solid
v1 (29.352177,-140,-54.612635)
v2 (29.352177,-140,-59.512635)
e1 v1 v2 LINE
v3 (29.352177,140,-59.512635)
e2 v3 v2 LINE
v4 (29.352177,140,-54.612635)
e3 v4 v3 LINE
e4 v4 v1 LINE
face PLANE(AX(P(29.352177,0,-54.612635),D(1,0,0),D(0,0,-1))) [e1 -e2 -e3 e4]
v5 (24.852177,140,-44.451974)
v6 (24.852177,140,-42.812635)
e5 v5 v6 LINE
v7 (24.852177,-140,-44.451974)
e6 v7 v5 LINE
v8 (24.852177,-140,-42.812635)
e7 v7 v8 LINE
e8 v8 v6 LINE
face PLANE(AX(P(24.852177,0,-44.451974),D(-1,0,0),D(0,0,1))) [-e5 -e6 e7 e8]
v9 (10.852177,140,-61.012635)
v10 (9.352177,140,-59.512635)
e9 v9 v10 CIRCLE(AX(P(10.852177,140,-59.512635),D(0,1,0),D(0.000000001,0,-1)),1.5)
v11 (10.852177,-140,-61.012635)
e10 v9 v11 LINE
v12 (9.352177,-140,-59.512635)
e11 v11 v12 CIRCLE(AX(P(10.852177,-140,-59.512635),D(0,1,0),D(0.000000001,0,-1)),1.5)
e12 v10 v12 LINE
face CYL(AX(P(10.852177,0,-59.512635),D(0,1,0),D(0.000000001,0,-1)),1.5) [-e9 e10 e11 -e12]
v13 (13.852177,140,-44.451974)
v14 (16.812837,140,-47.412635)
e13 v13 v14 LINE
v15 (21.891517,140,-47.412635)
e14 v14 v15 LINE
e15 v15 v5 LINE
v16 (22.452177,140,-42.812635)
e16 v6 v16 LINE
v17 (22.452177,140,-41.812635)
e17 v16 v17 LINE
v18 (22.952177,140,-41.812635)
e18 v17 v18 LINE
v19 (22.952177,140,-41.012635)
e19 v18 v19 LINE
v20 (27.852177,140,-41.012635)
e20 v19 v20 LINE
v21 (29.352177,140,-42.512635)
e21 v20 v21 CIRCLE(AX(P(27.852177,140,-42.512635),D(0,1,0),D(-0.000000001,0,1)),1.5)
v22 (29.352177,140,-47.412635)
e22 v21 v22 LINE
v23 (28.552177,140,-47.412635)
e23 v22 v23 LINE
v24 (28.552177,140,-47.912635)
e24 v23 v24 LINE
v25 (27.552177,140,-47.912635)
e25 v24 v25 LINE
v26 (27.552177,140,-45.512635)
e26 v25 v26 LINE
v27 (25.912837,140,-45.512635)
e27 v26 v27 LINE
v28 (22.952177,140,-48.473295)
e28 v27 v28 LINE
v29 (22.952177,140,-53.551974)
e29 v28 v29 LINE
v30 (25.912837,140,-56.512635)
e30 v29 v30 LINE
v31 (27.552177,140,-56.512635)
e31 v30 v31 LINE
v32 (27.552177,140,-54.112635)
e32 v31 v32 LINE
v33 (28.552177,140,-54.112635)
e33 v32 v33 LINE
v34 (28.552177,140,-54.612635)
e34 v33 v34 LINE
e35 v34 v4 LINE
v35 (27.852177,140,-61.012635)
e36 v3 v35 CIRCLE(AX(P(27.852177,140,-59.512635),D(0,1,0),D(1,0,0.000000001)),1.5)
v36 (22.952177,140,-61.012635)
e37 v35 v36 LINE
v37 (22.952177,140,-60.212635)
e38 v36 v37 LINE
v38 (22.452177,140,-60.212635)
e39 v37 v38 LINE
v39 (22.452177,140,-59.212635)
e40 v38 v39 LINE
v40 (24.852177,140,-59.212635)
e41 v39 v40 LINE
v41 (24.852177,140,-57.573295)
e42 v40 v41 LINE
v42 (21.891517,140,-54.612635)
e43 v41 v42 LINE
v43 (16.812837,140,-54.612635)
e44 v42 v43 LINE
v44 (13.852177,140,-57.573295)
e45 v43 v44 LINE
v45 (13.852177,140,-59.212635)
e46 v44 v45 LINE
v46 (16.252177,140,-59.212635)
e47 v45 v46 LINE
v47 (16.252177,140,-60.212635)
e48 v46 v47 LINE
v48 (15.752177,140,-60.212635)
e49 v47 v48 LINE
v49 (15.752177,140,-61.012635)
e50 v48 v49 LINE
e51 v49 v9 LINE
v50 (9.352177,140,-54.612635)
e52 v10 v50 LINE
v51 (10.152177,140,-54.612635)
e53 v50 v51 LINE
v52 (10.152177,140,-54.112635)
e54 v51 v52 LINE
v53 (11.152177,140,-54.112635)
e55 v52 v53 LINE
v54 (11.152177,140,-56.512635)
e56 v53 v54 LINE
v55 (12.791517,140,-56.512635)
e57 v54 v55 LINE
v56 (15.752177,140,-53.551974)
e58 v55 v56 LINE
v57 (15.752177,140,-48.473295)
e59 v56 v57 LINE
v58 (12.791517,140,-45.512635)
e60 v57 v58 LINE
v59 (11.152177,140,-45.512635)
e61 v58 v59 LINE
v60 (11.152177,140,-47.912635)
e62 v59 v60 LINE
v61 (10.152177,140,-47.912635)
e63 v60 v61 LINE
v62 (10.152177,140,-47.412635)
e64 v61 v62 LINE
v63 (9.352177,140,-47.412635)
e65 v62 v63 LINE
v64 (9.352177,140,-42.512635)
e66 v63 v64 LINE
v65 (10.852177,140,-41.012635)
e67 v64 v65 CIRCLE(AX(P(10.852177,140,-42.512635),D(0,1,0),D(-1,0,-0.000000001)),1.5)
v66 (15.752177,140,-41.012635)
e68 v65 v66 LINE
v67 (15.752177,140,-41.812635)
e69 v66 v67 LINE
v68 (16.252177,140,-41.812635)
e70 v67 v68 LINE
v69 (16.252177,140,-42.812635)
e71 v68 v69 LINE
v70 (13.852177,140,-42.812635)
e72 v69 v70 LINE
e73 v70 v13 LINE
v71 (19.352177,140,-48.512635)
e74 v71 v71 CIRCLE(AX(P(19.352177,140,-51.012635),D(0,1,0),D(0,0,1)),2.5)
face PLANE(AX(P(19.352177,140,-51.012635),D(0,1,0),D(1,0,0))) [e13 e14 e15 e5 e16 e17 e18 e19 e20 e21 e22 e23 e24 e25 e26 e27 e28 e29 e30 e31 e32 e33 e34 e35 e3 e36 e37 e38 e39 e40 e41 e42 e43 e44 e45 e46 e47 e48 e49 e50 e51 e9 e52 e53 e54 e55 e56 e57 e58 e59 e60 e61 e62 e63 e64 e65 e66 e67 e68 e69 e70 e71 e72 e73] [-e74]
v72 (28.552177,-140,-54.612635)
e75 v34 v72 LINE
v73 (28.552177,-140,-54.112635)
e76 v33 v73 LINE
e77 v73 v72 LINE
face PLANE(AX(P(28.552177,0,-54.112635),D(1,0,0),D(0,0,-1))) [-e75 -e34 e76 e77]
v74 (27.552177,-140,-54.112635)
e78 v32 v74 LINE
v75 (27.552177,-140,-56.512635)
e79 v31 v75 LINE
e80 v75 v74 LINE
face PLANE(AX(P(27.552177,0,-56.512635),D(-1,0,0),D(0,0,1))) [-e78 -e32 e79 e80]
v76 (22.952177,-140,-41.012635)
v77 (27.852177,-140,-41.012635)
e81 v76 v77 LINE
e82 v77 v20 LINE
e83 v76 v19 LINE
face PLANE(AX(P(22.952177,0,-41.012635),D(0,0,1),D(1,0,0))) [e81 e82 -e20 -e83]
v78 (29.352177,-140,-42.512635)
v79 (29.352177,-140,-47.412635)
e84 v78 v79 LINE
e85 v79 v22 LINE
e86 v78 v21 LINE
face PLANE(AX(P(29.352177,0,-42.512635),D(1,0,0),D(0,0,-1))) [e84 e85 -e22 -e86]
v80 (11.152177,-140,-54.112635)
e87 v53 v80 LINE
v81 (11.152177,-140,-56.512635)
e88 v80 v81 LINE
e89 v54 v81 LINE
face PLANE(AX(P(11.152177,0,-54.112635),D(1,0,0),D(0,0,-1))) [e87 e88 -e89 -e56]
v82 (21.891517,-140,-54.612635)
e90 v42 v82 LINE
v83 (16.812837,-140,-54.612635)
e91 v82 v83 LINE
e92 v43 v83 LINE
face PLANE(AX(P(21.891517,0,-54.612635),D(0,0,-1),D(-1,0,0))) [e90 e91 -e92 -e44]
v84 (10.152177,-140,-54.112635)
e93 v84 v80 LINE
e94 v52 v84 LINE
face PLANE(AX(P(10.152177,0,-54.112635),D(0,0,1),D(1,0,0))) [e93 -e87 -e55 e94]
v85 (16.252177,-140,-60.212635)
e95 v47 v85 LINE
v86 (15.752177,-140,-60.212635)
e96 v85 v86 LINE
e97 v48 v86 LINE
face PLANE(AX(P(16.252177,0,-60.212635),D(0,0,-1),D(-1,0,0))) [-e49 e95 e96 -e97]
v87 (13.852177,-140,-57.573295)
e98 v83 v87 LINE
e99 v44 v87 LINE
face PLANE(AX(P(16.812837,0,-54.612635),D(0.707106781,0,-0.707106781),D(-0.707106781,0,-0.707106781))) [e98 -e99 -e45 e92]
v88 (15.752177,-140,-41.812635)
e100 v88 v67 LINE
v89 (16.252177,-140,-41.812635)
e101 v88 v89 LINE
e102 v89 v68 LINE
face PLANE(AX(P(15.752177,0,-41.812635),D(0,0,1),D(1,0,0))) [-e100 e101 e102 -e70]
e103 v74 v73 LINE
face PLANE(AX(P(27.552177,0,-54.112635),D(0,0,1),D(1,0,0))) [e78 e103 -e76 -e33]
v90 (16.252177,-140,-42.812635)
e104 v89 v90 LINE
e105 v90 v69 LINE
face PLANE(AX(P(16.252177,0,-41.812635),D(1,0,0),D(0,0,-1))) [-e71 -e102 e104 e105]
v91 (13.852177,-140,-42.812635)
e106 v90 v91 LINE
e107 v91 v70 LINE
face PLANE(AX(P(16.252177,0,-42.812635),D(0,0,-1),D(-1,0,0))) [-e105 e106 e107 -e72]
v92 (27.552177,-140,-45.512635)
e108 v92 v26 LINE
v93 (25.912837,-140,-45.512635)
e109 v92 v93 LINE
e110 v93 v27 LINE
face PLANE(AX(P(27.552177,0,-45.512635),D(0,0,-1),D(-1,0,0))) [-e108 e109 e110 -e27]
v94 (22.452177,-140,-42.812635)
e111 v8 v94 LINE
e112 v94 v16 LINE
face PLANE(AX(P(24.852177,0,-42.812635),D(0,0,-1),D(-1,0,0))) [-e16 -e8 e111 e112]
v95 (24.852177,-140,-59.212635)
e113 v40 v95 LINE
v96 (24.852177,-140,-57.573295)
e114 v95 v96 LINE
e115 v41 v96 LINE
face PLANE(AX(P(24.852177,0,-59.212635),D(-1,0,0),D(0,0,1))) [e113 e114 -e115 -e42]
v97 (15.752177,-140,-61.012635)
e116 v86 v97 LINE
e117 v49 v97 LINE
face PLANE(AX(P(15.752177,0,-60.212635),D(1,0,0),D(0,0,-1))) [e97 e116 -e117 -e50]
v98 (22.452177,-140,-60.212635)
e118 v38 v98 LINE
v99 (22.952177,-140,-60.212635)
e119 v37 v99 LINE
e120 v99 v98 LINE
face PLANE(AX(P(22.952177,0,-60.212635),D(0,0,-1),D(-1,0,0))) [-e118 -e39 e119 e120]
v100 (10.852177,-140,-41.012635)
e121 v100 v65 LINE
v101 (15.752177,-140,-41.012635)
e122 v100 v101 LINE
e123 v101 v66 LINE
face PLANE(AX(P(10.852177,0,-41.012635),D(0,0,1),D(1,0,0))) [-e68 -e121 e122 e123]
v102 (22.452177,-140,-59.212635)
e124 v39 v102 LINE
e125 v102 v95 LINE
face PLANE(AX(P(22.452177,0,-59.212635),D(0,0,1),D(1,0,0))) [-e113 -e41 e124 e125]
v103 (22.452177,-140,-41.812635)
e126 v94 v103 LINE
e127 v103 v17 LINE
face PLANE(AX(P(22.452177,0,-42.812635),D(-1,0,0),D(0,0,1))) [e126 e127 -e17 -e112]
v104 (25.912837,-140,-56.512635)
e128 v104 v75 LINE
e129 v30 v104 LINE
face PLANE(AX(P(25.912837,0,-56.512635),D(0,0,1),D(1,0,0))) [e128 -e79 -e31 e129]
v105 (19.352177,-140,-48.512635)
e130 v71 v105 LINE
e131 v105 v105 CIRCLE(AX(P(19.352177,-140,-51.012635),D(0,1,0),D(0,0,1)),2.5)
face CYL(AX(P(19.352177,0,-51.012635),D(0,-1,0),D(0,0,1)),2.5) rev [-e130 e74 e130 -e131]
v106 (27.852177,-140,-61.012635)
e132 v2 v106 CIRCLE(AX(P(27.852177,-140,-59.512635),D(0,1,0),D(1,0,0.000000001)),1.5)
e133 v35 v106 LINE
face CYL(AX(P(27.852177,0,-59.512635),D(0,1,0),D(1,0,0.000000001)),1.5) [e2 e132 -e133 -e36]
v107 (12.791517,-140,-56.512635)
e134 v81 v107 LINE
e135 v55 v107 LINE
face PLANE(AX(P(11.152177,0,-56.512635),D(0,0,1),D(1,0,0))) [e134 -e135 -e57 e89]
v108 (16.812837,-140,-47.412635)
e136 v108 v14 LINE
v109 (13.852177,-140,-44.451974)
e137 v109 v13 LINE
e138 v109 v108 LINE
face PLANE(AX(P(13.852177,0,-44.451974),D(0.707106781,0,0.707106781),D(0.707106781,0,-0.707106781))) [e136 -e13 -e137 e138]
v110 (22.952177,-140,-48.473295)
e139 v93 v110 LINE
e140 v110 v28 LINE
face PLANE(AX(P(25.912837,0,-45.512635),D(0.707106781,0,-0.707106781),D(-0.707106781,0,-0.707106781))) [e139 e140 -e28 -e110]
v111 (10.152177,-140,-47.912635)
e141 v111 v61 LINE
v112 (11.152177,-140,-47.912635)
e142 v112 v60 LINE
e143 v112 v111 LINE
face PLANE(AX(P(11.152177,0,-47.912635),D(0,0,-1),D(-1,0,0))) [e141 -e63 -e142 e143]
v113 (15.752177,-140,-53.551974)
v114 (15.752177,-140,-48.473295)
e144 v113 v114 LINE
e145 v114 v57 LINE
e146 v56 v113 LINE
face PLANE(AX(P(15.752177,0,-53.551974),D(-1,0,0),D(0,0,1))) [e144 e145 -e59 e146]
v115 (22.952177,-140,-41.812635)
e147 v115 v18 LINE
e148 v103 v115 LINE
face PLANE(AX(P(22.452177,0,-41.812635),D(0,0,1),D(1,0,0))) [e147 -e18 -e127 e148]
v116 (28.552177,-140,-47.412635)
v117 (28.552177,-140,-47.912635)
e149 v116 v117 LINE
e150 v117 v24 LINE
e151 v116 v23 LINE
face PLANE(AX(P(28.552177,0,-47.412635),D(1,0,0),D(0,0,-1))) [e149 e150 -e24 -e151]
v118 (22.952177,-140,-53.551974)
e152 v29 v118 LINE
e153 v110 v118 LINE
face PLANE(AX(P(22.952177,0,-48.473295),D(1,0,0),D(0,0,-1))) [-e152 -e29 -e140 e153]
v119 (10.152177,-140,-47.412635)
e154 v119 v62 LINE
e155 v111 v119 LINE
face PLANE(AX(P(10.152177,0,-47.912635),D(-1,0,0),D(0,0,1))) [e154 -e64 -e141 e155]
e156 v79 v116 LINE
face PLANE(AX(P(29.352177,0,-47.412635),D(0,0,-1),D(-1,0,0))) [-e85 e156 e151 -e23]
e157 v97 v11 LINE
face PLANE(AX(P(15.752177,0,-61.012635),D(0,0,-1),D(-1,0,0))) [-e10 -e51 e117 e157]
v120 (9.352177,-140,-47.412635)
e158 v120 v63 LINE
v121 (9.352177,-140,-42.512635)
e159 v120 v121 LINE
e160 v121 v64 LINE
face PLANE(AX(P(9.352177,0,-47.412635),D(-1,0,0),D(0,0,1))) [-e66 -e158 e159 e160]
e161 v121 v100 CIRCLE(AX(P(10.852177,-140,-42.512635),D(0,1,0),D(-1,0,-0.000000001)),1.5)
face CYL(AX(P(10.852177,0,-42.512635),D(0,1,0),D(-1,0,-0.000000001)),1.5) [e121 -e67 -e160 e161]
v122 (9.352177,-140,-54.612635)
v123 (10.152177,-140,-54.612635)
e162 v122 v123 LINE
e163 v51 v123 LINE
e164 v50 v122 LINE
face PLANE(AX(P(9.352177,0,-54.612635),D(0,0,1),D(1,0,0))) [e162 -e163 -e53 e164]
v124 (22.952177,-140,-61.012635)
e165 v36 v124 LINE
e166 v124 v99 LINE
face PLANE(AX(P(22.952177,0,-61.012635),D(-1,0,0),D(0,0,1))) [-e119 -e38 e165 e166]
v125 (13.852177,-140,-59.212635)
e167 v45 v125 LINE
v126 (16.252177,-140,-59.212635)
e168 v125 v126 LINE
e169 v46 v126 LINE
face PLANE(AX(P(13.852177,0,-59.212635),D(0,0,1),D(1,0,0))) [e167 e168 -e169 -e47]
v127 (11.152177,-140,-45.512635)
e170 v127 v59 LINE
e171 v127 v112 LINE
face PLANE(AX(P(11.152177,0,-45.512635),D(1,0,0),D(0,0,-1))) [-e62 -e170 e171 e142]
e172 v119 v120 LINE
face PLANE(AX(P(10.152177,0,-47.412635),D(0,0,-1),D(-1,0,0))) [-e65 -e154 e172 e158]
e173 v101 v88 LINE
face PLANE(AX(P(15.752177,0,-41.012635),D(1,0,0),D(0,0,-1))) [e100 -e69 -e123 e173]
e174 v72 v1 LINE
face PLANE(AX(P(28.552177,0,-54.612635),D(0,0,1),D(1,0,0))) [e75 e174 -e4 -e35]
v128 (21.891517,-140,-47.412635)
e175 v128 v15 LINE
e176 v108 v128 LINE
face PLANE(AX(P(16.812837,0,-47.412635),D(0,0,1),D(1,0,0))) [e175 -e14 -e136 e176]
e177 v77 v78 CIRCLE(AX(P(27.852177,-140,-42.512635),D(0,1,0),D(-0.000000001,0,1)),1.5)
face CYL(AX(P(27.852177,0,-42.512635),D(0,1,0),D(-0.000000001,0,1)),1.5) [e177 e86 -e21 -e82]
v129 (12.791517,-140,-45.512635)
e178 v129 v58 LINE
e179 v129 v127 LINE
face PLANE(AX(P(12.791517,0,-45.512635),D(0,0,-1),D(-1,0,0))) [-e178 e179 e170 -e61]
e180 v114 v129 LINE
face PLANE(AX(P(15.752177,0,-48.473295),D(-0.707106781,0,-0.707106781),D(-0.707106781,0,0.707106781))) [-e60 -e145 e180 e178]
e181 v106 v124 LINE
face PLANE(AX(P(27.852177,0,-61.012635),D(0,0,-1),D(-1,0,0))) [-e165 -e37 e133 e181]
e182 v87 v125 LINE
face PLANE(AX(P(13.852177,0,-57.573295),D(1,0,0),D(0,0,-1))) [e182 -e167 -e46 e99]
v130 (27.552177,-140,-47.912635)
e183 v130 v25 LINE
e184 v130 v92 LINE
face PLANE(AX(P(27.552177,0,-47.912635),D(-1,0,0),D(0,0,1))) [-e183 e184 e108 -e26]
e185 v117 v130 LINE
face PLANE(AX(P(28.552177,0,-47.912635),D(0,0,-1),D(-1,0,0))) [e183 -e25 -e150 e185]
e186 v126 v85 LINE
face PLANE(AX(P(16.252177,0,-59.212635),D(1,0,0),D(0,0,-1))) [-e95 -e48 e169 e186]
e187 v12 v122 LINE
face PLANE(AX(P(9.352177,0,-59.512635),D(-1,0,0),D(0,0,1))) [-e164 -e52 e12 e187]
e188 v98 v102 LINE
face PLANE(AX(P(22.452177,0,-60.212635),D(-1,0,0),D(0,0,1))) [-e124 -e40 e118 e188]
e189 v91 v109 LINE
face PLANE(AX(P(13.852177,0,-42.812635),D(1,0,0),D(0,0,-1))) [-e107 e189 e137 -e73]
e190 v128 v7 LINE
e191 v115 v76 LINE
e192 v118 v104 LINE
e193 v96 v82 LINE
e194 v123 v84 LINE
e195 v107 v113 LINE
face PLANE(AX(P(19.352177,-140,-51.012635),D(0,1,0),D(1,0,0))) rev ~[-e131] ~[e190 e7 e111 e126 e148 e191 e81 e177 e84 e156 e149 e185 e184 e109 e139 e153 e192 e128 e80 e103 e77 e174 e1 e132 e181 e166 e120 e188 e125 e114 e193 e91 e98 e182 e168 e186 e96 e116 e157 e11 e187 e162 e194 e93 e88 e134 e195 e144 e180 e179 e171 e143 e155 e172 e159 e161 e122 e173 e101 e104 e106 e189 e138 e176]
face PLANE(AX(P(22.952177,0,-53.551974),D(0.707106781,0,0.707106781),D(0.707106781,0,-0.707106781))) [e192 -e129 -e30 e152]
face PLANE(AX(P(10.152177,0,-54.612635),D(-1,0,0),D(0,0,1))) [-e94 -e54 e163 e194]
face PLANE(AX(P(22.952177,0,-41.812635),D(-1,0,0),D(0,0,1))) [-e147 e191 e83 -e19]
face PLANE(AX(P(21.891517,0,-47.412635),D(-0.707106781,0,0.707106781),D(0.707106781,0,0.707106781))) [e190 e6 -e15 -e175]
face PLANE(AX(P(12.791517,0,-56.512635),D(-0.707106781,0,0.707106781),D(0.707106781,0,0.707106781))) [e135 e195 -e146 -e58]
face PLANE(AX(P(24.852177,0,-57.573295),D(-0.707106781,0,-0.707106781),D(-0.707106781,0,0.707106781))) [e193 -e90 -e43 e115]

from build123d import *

# Parameters (mm, degrees)
SKETCH_1_R      = 2.5
EXTRUDE_1_DEPTH = 140


with BuildPart() as part:
    # 草图1 → 凸台-拉伸1 (new, symmetric)
    with BuildSketch(Plane(origin=(0, 0, 0), x_dir=(1, 0, 0), z_dir=(0, 1, 0))):
        with BuildLine():
            Line((15.752176799, 53.551974455), (15.752176799, 48.473294799))
            Line((15.752176799, 48.473294799), (12.791516627, 45.512634627))
            Line((12.791516627, 45.512634627), (11.152176799, 45.512634627))
            Line((11.152176799, 45.512634627), (11.152176799, 47.912634627))
            Line((11.152176799, 47.912634627), (10.152176799, 47.912634627))
            Line((10.152176799, 47.912634627), (10.152176799, 47.412634627))
            Line((10.152176799, 47.412634627), (9.352176799, 47.412634627))
            Line((9.352176799, 47.412634627), (9.352176799, 42.512634627))
            ThreePointArc((9.352176799, 42.512634627), (9.791516627, 41.451974455), (10.852176799, 41.012634627))
            Line((10.852176799, 41.012634627), (15.752176799, 41.012634627))
            Line((15.752176799, 41.012634627), (15.752176799, 41.812634627))
            Line((15.752176799, 41.812634627), (16.252176799, 41.812634627))
            Line((16.252176799, 41.812634627), (16.252176799, 42.812634627))
            Line((16.252176799, 42.812634627), (13.852176799, 42.812634627))
            Line((13.852176799, 42.812634627), (13.852176799, 44.451974455))
            Line((13.852176799, 44.451974455), (16.812836971, 47.412634627))
            Line((16.812836971, 47.412634627), (21.891516627, 47.412634627))
            Line((21.891516627, 47.412634627), (24.852176799, 44.451974455))
            Line((24.852176799, 44.451974455), (24.852176799, 42.812634627))
            Line((24.852176799, 42.812634627), (22.452176799, 42.812634627))
            Line((22.452176799, 42.812634627), (22.452176799, 41.812634627))
            Line((22.452176799, 41.812634627), (22.952176799, 41.812634627))
            Line((22.952176799, 41.812634627), (22.952176799, 41.012634627))
            Line((22.952176799, 41.012634627), (27.852176799, 41.012634627))
            ThreePointArc((27.852176799, 41.012634627), (28.912836971, 41.451974455), (29.352176799, 42.512634627))
            Line((29.352176799, 42.512634627), (29.352176799, 47.412634627))
            Line((29.352176799, 47.412634627), (28.552176799, 47.412634627))
            Line((28.552176799, 47.412634627), (28.552176799, 47.912634627))
            Line((28.552176799, 47.912634627), (27.552176799, 47.912634627))
            Line((27.552176799, 47.912634627), (27.552176799, 45.512634627))
            Line((27.552176799, 45.512634627), (25.912836971, 45.512634627))
            Line((25.912836971, 45.512634627), (22.952176799, 48.473294799))
            Line((22.952176799, 48.473294799), (22.952176799, 53.551974455))
            Line((22.952176799, 53.551974455), (25.912836971, 56.512634627))
            Line((25.912836971, 56.512634627), (27.552176799, 56.512634627))
            Line((27.552176799, 56.512634627), (27.552176799, 54.112634627))
            Line((27.552176799, 54.112634627), (28.552176799, 54.112634627))
            Line((28.552176799, 54.112634627), (28.552176799, 54.612634627))
            Line((28.552176799, 54.612634627), (29.352176799, 54.612634627))
            Line((29.352176799, 54.612634627), (29.352176799, 59.512634627))
            ThreePointArc((29.352176799, 59.512634627), (28.912836971, 60.573294799), (27.852176799, 61.012634627))
            Line((27.852176799, 61.012634627), (22.952176799, 61.012634627))
            Line((22.952176799, 61.012634627), (22.952176799, 60.212634627))
            Line((22.952176799, 60.212634627), (22.452176799, 60.212634627))
            Line((22.452176799, 60.212634627), (22.452176799, 59.212634627))
            Line((22.452176799, 59.212634627), (24.852176799, 59.212634627))
            Line((24.852176799, 59.212634627), (24.852176799, 57.573294799))
            Line((24.852176799, 57.573294799), (21.891516627, 54.612634627))
            Line((21.891516627, 54.612634627), (16.812836971, 54.612634627))
            Line((16.812836971, 54.612634627), (13.852176799, 57.573294799))
            Line((13.852176799, 57.573294799), (13.852176799, 59.212634627))
            Line((13.852176799, 59.212634627), (16.252176799, 59.212634627))
            Line((16.252176799, 59.212634627), (16.252176799, 60.212634627))
            Line((16.252176799, 60.212634627), (15.752176799, 60.212634627))
            Line((15.752176799, 60.212634627), (15.752176799, 61.012634627))
            Line((15.752176799, 61.012634627), (10.852176799, 61.012634627))
            ThreePointArc((10.852176799, 61.012634627), (9.791516627, 60.573294799), (9.352176799, 59.512634627))
            Line((9.352176799, 59.512634627), (9.352176799, 54.612634627))
            Line((9.352176799, 54.612634627), (10.152176799, 54.612634627))
            Line((10.152176799, 54.612634627), (10.152176799, 54.112634627))
            Line((10.152176799, 54.112634627), (11.152176799, 54.112634627))
            Line((11.152176799, 54.112634627), (11.152176799, 56.512634627))
            Line((11.152176799, 56.512634627), (12.791516627, 56.512634627))
            Line((12.791516627, 56.512634627), (15.752176799, 53.551974455))
        make_face()
        with Locations(Location((19.352176799, 51.012634627, 0), (0, 0, 270))):
            Circle(SKETCH_1_R, mode=Mode.SUBTRACT)
    extrude(amount=EXTRUDE_1_DEPTH, both=True)


solid = part.part
